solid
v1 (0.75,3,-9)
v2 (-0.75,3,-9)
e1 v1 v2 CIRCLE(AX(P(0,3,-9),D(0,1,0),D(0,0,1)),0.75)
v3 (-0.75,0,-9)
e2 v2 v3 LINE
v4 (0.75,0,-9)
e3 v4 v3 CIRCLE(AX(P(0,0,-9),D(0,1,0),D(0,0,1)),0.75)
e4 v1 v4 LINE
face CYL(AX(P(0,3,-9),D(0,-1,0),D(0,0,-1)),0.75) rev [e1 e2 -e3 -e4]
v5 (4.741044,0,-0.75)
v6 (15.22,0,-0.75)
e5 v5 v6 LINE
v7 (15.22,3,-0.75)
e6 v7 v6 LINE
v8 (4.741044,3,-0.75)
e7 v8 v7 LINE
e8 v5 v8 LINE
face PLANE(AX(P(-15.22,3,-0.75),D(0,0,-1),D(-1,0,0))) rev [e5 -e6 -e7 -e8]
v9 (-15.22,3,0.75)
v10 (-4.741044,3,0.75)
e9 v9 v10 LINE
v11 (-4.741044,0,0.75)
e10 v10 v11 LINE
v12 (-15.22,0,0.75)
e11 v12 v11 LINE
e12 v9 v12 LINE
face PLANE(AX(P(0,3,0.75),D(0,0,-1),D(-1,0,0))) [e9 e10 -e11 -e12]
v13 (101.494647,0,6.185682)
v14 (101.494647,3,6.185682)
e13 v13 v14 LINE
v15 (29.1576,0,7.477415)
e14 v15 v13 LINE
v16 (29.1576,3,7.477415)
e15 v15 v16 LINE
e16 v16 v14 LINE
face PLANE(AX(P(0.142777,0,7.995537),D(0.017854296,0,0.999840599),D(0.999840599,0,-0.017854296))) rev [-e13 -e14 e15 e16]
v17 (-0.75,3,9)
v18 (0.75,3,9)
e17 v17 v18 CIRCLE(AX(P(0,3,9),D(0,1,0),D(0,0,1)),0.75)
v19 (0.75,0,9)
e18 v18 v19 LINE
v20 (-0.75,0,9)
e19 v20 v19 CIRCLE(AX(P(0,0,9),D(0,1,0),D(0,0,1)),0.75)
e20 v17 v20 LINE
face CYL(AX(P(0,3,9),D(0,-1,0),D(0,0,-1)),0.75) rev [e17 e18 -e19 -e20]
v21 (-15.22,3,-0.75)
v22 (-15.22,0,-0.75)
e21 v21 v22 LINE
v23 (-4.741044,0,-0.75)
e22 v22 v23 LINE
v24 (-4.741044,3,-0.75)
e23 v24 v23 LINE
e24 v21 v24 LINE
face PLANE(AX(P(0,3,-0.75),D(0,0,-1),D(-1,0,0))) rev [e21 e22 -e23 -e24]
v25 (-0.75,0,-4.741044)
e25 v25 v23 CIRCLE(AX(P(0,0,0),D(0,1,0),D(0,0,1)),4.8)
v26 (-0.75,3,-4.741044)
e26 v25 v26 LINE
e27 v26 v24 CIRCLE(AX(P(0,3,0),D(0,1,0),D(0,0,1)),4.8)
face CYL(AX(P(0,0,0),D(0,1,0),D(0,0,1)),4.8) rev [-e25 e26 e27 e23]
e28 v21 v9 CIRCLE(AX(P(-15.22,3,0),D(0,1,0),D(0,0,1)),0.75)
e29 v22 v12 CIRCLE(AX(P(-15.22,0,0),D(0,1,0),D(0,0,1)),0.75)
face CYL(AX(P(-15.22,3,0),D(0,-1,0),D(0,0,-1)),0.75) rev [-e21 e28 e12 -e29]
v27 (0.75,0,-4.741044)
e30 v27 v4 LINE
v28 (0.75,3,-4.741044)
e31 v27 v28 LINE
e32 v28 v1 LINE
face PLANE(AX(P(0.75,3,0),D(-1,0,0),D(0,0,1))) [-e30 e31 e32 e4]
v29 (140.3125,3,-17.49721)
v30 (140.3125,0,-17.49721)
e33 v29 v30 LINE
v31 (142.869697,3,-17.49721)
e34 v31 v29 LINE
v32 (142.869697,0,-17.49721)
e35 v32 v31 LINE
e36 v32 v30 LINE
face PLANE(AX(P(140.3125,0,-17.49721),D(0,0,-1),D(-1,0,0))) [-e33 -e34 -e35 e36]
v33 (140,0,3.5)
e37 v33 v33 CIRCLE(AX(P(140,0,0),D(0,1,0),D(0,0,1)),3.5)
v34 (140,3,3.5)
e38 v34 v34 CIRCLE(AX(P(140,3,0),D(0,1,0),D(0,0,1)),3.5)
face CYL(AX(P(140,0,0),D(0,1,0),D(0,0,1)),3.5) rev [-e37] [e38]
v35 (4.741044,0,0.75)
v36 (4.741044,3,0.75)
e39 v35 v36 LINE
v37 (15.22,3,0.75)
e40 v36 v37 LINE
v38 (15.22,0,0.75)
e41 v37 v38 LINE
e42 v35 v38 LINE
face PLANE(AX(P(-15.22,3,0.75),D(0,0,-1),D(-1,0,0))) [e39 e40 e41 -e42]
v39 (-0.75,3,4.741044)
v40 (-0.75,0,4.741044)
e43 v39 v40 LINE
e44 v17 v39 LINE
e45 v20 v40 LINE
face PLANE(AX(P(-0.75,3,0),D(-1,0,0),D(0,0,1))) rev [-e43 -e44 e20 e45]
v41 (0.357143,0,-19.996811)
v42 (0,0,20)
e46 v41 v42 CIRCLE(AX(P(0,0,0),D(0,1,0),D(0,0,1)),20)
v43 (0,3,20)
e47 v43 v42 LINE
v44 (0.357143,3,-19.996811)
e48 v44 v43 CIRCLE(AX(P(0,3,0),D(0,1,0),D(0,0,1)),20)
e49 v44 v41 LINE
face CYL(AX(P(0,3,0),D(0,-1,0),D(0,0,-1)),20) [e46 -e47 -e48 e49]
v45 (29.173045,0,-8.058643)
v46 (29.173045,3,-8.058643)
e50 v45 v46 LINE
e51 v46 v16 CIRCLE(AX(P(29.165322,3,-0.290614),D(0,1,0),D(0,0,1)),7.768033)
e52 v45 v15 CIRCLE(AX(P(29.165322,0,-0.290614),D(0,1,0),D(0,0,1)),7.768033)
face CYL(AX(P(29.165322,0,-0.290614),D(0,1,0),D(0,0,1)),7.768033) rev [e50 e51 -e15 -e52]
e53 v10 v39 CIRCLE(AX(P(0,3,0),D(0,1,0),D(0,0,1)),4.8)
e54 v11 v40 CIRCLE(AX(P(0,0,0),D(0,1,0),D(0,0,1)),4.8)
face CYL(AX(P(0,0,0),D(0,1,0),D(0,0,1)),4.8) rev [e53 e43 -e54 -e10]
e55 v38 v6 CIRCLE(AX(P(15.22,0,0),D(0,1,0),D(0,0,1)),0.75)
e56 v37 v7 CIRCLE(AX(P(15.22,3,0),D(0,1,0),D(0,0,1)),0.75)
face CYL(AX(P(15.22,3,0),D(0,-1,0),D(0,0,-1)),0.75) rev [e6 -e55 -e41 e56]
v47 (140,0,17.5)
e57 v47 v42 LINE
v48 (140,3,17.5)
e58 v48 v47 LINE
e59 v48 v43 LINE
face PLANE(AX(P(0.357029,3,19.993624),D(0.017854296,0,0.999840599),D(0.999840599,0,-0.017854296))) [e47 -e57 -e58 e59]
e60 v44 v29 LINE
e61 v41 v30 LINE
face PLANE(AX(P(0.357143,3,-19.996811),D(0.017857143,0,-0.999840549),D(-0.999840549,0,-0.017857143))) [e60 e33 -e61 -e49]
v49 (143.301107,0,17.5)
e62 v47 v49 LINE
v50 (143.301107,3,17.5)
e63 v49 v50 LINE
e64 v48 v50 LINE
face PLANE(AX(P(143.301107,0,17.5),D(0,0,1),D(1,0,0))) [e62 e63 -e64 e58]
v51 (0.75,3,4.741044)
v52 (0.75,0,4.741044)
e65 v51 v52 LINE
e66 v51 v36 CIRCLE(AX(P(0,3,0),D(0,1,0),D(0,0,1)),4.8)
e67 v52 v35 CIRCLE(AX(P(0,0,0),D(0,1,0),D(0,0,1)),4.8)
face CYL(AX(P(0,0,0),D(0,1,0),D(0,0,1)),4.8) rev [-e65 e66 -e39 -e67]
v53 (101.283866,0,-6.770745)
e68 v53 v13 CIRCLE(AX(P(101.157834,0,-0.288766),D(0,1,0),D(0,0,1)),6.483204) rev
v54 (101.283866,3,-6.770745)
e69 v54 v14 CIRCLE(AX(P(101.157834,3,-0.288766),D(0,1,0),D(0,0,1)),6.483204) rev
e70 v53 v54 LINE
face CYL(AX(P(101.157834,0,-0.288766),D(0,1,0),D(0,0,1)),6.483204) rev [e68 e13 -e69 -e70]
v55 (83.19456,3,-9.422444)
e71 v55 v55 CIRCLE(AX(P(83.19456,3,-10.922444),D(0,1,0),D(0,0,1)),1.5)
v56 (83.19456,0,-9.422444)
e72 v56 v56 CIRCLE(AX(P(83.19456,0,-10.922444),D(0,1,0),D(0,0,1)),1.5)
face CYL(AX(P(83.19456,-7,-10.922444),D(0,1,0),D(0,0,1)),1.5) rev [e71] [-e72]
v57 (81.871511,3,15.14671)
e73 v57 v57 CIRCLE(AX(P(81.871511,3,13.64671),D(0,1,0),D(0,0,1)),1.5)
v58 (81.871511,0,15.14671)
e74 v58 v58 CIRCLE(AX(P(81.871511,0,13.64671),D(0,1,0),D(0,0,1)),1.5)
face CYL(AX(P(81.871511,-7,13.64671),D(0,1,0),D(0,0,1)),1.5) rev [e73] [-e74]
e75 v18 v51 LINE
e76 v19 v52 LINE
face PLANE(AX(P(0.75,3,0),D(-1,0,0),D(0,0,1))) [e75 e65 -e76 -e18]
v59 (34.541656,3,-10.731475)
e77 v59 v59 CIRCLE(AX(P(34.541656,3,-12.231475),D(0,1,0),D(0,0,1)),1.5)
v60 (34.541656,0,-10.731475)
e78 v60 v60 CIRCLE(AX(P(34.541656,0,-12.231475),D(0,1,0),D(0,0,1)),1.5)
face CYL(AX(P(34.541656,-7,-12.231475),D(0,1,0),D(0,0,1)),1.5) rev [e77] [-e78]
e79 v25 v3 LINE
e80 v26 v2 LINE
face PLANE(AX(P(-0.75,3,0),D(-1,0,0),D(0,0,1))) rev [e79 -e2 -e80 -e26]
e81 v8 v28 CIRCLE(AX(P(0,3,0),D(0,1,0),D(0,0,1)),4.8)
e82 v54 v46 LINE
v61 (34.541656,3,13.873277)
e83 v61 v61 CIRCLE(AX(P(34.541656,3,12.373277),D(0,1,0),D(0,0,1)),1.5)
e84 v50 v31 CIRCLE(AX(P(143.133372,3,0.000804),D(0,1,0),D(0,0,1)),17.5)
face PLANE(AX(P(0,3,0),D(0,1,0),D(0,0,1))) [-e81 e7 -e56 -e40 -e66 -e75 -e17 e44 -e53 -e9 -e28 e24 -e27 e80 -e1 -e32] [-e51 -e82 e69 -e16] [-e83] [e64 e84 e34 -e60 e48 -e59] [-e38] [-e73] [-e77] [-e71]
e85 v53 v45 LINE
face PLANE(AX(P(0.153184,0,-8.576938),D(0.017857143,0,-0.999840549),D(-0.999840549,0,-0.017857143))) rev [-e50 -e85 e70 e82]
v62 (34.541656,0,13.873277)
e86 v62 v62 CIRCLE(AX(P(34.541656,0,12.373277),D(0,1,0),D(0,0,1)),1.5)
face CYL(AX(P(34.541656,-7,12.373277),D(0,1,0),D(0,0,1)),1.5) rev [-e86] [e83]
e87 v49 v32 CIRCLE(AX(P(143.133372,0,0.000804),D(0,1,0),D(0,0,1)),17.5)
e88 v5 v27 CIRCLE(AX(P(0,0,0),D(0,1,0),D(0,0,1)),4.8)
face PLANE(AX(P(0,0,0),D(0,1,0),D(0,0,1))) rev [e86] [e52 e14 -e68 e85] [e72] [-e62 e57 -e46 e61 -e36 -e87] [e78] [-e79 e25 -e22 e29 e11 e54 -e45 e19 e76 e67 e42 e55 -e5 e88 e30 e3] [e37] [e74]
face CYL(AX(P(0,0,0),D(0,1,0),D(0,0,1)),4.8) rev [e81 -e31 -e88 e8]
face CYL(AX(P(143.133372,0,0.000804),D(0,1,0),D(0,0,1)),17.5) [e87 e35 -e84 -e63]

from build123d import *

# Parameters (mm, degrees)
BOSS_EXTRUDE1_DEPTH = 3
SKETCH2_R           = 4.8
SKETCH2_R_2         = 3.375
CUT_EXTRUDE1_DEPTH  = 159.793104384
CUT_EXTRUDE3_DEPTH  = 159.793104384
CUT_EXTRUDE4_DEPTH  = 159.793104384
SKETCH8_R           = 3.5
CUT_EXTRUDE6_DEPTH  = 159.793104384
SKETCH12_R          = 1.5
CUT_EXTRUDE8_DEPTH  = 10
BOSS_EXTRUDE2_START = -3
BOSS_EXTRUDE2_DEPTH = 3


with BuildPart() as part:
    # Sketch1 → Boss-Extrude1 (new body)
    with BuildSketch(Plane(origin=(0, 0, 0), x_dir=(1, 0, 0), z_dir=(0, 1, 0))):
        with BuildLine():
            Line((140.3125, 17.497209599), (0.357142857, 19.99681097))
            ThreePointArc((0.357142857, 19.99681097), (-19.999202727, 0.178578547), (0, -20))
            Line((0, -20), (140, -17.5))
            ThreePointArc((140, -17.5), (157.499302386, -0.156256229), (140.3125, 17.497209599))
        make_face()
    extrude(amount=BOSS_EXTRUDE1_DEPTH)

    # Sketch2 → Cut-Extrude1 (cut, through all)
    with BuildSketch(Plane(origin=(0, 3, 0), x_dir=(1, 0, 0), z_dir=(0, 1, 0))):
        with Locations(Location((0, 0, 0), (0, 0, 270))):
            Circle(SKETCH2_R)
        with Locations(Location((140, 0, 0), (0, 0, 270))):
            Circle(SKETCH2_R_2)
    extrude(amount=-CUT_EXTRUDE1_DEPTH, mode=Mode.SUBTRACT)

    # Sketch4 → Cut-Extrude3 (cut, through all)
    with BuildSketch(Plane(origin=(0, 3, 0), x_dir=(1, 0, 0), z_dir=(0, 1, 0))):
        with BuildLine():
            ThreePointArc((101.494647455, -6.185682468), (107.64017994, 0.394224207), (101.283865867, 6.770744637))
            Line((101.283865867, 6.770744637), (29.173044697, 8.058643229))
            ThreePointArc((29.173044697, 8.058643229), (21.397292905, 0.29833633), (29.157599804, -7.477415462))
            Line((29.157599804, -7.477415462), (101.052392136, -6.193579885))
            Line((101.052392136, -6.193579885), (101.494647455, -6.185682468))
        make_face()
    extrude(amount=-CUT_EXTRUDE3_DEPTH, mode=Mode.SUBTRACT)

    # Sketch6 → Cut-Extrude4 (cut, through all)
    with BuildSketch(Plane(origin=(0, 0, 0), x_dir=(1, 0, 0), z_dir=(0, 1, 0))):
        with BuildLine():
            Line((-15.22, 0.75), (15.22, 0.75))
            ThreePointArc((15.22, 0.75), (15.97, 0), (15.22, -0.75))
            Line((15.22, -0.75), (-15.22, -0.75))
            ThreePointArc((-15.22, -0.75), (-15.97, 0), (-15.22, 0.75))
        make_face()
        with BuildLine():
            Line((-0.75, -9), (-0.75, 9))
            ThreePointArc((-0.75, 9), (0, 9.75), (0.75, 9))
            Line((0.75, 9), (0.75, -9))
            ThreePointArc((0.75, -9), (0, -9.75), (-0.75, -9))
        make_face()
    extrude(amount=CUT_EXTRUDE4_DEPTH, mode=Mode.SUBTRACT)

    # Sketch8 → Cut-Extrude6 (cut, through all)
    with BuildSketch(Plane(origin=(0, 3, 0), x_dir=(1, 0, 0), z_dir=(0, 1, 0))):
        Circle(SKETCH8_R)
        with Locations(Location((140, 0, 0), (0, 0, 270))):
            Circle(SKETCH8_R)
    extrude(amount=-CUT_EXTRUDE6_DEPTH, mode=Mode.SUBTRACT)

    # Sketch12 → Cut-Extrude8 (cut)
    with BuildSketch(Plane(origin=(0, 3, 0), x_dir=(1, 0, 0), z_dir=(0, 1, 0))):
        with Locations(Location((83.194560065, 10.922443863, 0), (0, 0, 270))):
            Circle(SKETCH12_R)
        with Locations(Location((34.541656008, 12.231474735, 0), (0, 0, 270))):
            Circle(SKETCH12_R)
        with Locations(Location((34.541656008, -12.373276524, 0), (0, 0, 270))):
            Circle(SKETCH12_R)
        with Locations(Location((81.871511394, -13.646710106, 0), (0, 0, 270))):
            Circle(SKETCH12_R)
    extrude(amount=-CUT_EXTRUDE8_DEPTH, mode=Mode.SUBTRACT)

    # Sketch14 → Boss-Extrude2 (add)
    with BuildSketch(Plane(origin=(0, 3, 0), x_dir=(1, 0, 0), z_dir=(0, 1, 0)).offset(BOSS_EXTRUDE2_START)):
        with BuildLine():
            Line((140.3125, 17.497209599), (142.86969749, 17.497209599))
            ThreePointArc((142.86969749, 17.497209599), (160.632042581, 0.214901924), (143.301107477, -17.5))
            Line((143.301107477, -17.5), (140, -17.5))
            ThreePointArc((140, -17.5), (157.499302386, -0.156256229), (140.3125, 17.497209599))
        make_face()
    extrude(amount=BOSS_EXTRUDE2_DEPTH)


solid = part.part
